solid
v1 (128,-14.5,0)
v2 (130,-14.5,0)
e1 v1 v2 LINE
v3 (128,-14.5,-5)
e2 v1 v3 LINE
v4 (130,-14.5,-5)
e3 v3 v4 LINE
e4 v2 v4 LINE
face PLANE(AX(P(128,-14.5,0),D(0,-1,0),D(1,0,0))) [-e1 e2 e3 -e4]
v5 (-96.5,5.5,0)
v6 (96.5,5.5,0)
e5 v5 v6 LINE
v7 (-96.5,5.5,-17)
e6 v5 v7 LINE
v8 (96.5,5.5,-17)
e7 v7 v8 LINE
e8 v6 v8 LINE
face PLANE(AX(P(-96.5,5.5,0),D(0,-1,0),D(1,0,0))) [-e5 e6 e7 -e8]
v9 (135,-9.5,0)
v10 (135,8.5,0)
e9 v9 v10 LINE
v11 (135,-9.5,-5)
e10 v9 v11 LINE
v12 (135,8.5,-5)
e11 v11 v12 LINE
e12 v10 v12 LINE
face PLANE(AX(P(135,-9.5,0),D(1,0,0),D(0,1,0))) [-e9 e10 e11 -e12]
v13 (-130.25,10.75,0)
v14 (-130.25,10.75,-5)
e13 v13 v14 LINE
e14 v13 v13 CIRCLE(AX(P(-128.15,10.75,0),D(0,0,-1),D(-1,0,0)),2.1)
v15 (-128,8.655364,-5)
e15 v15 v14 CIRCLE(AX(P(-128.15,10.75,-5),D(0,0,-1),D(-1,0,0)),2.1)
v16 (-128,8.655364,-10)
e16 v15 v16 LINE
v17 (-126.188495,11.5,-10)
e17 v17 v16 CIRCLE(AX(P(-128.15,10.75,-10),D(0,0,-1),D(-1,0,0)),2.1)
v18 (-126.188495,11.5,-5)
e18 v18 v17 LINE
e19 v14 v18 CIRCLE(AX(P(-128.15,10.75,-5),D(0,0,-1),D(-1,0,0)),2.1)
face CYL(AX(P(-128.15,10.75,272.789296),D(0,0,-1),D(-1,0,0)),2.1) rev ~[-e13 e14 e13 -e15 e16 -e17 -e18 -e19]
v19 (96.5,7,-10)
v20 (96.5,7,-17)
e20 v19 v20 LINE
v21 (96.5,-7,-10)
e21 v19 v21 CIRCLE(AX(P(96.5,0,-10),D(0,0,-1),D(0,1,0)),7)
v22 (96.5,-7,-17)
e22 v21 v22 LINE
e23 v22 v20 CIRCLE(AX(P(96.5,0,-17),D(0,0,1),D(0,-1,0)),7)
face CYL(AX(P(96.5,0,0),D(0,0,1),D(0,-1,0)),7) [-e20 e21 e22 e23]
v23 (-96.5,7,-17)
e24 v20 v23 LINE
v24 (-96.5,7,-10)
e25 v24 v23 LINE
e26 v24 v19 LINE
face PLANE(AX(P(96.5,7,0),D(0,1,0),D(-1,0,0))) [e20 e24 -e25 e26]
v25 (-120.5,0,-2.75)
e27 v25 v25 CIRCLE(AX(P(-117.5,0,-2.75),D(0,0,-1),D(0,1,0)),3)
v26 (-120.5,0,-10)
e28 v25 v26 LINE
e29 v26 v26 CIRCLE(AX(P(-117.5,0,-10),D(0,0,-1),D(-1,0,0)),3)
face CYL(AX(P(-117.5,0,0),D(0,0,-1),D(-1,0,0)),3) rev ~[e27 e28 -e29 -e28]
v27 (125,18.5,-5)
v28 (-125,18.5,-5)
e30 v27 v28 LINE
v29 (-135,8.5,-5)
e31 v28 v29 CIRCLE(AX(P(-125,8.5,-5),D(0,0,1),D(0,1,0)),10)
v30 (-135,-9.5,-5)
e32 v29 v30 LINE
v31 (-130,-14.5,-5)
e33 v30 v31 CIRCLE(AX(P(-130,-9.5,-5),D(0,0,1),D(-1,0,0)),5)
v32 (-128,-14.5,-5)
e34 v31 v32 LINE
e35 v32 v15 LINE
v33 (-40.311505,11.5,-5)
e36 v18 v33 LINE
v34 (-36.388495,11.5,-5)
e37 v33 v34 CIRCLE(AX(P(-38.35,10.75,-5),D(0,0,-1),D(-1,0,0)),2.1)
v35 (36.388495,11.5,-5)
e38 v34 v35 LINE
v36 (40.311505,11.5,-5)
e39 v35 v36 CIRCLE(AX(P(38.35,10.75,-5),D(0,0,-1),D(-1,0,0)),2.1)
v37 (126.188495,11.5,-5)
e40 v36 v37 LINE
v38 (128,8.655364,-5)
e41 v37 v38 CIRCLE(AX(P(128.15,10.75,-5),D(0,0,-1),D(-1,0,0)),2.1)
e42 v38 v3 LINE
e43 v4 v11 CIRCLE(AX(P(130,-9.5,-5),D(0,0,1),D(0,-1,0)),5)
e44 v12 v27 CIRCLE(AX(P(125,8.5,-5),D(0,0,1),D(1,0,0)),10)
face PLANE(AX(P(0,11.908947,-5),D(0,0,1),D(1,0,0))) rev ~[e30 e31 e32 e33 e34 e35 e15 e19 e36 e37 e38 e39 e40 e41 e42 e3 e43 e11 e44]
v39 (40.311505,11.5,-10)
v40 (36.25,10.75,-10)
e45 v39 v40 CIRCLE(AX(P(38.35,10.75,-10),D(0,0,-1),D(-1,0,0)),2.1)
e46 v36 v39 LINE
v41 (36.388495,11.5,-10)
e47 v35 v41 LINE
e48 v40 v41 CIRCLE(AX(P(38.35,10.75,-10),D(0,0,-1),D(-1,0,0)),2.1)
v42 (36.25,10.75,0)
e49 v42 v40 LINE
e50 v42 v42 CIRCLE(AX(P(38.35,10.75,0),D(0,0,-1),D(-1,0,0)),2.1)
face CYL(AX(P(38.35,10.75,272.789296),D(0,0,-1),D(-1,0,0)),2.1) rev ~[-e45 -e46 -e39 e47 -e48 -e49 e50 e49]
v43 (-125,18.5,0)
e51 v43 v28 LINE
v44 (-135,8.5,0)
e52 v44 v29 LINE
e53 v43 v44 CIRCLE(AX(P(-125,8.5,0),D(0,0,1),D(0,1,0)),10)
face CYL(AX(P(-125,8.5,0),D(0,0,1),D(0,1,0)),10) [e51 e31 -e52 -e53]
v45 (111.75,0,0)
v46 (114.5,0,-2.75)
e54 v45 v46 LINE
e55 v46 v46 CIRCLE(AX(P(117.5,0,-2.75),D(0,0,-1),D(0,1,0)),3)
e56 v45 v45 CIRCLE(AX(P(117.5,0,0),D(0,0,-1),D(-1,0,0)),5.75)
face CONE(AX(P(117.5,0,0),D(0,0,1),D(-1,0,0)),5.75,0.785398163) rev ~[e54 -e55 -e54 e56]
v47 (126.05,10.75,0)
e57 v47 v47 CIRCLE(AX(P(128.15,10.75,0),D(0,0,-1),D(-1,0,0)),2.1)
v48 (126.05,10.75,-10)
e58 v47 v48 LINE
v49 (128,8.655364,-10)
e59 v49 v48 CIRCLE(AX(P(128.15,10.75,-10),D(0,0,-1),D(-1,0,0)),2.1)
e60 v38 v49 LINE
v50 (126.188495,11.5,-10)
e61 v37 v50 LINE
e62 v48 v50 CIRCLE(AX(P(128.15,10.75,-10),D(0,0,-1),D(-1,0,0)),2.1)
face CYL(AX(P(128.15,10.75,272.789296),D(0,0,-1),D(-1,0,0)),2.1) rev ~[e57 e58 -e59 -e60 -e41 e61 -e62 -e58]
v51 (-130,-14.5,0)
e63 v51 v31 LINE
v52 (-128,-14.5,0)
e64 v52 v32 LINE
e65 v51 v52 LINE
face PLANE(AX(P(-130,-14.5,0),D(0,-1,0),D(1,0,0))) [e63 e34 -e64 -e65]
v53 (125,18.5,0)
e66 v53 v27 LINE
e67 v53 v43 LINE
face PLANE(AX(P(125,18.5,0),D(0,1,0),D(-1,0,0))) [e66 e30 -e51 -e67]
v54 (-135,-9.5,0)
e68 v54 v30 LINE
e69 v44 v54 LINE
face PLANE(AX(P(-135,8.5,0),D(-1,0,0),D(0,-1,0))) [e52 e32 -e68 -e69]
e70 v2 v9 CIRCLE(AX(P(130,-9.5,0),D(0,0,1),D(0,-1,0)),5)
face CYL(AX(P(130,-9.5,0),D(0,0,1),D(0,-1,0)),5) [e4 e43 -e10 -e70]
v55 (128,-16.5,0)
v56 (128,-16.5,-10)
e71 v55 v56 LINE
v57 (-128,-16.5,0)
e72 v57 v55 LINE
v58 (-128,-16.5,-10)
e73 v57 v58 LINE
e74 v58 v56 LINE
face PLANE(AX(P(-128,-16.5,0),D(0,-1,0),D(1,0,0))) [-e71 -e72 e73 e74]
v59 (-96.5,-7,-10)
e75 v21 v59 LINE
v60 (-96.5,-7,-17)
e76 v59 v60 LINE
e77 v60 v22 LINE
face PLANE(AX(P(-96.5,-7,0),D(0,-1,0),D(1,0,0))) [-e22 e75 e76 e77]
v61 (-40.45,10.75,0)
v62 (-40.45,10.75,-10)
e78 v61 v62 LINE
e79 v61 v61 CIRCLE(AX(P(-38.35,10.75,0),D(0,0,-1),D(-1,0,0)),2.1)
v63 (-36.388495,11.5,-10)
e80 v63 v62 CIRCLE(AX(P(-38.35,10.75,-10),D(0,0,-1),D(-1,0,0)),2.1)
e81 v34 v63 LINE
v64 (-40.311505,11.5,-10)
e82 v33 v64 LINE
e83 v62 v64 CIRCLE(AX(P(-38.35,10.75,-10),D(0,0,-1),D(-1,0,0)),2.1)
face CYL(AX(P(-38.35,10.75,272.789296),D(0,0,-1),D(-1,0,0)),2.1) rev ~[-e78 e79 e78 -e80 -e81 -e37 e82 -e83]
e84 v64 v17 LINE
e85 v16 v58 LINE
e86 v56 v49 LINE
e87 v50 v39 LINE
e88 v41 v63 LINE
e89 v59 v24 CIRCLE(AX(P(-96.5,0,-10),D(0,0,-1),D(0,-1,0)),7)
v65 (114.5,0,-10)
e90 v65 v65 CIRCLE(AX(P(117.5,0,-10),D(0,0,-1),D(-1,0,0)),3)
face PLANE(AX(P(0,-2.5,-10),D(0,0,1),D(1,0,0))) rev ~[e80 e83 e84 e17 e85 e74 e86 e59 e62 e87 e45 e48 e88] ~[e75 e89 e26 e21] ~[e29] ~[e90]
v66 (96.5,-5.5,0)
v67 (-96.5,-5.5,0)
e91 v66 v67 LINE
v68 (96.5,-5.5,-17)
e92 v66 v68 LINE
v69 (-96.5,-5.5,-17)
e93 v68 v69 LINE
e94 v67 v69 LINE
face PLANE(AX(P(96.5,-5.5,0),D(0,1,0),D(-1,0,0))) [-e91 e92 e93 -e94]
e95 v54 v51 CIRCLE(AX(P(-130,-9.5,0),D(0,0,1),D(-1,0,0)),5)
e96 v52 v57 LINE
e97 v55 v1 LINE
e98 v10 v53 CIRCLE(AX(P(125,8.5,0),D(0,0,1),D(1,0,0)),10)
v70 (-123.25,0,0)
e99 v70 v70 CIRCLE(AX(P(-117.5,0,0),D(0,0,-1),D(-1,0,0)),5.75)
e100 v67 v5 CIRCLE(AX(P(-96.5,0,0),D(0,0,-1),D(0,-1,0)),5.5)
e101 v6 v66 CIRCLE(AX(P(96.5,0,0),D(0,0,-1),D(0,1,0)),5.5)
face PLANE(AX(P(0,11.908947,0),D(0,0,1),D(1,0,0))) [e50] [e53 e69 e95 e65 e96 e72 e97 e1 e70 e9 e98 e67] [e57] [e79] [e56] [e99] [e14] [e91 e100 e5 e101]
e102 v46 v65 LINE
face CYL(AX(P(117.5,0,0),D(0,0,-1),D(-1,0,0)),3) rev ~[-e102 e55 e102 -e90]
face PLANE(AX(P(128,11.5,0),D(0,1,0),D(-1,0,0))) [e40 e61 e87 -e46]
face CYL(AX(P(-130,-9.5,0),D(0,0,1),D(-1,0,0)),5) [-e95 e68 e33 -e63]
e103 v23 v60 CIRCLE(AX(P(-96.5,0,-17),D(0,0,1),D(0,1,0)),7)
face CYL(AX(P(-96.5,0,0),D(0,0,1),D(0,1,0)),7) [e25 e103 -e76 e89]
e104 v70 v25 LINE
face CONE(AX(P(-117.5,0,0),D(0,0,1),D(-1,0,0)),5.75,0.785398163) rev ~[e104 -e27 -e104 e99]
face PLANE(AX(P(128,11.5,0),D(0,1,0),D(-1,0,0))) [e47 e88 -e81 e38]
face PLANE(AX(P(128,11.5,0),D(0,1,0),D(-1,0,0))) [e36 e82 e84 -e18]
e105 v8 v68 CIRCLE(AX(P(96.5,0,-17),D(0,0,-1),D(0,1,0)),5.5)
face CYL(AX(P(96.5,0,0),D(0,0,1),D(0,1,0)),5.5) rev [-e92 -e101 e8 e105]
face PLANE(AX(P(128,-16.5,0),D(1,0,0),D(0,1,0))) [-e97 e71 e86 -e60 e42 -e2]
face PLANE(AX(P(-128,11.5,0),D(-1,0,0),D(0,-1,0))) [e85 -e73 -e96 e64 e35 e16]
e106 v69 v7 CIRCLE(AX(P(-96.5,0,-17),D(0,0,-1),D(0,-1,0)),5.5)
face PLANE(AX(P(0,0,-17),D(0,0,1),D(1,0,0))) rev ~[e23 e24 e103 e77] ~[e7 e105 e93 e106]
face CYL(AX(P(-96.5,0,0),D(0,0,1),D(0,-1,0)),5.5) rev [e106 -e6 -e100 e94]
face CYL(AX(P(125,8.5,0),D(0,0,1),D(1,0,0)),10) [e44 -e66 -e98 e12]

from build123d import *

# Parameters (mm, degrees)
F1_DEPTH       = 17
F2_DEPTH       = 10
F3_DEPTH       = 5
F4_D           = 6
F4_CSINK_D     = 11.5
F4_CSINK_ANGLE = 90
F5_D           = 4.2


with BuildPart() as f1:
    # F0 (on Top) → F1 (new body)
    with BuildSketch(Plane.XY):
        with BuildLine():
            ThreePointArc((-96.5, 7), (-103.5, 0), (-96.5, -7))
            Line((-96.5, -7), (96.5, -7))
            ThreePointArc((96.5, -7), (103.5, 0), (96.5, 7))
            Line((96.5, 7), (-96.5, 7))
        make_face()
        with BuildLine():
            ThreePointArc((-96.5, -5.5), (-102, 0), (-96.5, 5.5))
            Line((-96.5, 5.5), (96.5, 5.5))
            ThreePointArc((96.5, 5.5), (102, 0), (96.5, -5.5))
            Line((96.5, -5.5), (-96.5, -5.5))
        make_face(mode=Mode.SUBTRACT)
    extrude(amount=-F1_DEPTH)

    # F0 (on Top) → F2 (join)
    with BuildSketch(Plane.XY):
        Polygon((-128, 11.5), (-128, -14.5), (-128, -16.5), (128, -16.5), (128, -14.5), (128, 11.5), align=None)
        with BuildLine():
            Line((96.5, -7), (-96.5, -7))
            ThreePointArc((-96.5, -7), (-103.5, 0), (-96.5, 7))
            Line((-96.5, 7), (96.5, 7))
            ThreePointArc((96.5, 7), (103.5, 0), (96.5, -7))
        make_face(mode=Mode.SUBTRACT)
    extrude(amount=-F2_DEPTH)

    # F0 (on Top) → F3 (join)
    with BuildSketch(Plane.XY):
        with BuildLine():
            Line((125, 18.5), (-125, 18.5))
            ThreePointArc((-125, 18.5), (-132.0710678119, 15.5710678119), (-135, 8.5))
            Line((-135, 8.5), (-135, -9.5))
            ThreePointArc((-135, -9.5), (-133.5355339059, -13.0355339059), (-130, -14.5))
            Line((-130, -14.5), (-128, -14.5))
            Line((-128, -14.5), (-128, 11.5))
            Line((-128, 11.5), (128, 11.5))
            Line((128, 11.5), (128, -14.5))
            Line((128, -14.5), (130, -14.5))
            ThreePointArc((130, -14.5), (133.5355339059, -13.0355339059), (135, -9.5))
            Line((135, -9.5), (135, 8.5))
            ThreePointArc((135, 8.5), (132.0710678119, 15.5710678119), (125, 18.5))
        make_face()
    extrude(amount=-F3_DEPTH)

    # F4 (through all)
    with Locations(Plane.XY):
        with Locations((117.5, 0), (-117.5, 0)):
            CounterSinkHole(F4_D / 2, F4_CSINK_D / 2, counter_sink_angle=F4_CSINK_ANGLE)

    # F5 (through all)
    with Locations(Plane.XY):
        with Locations((-128.15, 10.75), (-38.35, 10.75), (38.35, 10.75), (128.15, 10.75)):
            Hole(F5_D / 2)


solid = f1.part
